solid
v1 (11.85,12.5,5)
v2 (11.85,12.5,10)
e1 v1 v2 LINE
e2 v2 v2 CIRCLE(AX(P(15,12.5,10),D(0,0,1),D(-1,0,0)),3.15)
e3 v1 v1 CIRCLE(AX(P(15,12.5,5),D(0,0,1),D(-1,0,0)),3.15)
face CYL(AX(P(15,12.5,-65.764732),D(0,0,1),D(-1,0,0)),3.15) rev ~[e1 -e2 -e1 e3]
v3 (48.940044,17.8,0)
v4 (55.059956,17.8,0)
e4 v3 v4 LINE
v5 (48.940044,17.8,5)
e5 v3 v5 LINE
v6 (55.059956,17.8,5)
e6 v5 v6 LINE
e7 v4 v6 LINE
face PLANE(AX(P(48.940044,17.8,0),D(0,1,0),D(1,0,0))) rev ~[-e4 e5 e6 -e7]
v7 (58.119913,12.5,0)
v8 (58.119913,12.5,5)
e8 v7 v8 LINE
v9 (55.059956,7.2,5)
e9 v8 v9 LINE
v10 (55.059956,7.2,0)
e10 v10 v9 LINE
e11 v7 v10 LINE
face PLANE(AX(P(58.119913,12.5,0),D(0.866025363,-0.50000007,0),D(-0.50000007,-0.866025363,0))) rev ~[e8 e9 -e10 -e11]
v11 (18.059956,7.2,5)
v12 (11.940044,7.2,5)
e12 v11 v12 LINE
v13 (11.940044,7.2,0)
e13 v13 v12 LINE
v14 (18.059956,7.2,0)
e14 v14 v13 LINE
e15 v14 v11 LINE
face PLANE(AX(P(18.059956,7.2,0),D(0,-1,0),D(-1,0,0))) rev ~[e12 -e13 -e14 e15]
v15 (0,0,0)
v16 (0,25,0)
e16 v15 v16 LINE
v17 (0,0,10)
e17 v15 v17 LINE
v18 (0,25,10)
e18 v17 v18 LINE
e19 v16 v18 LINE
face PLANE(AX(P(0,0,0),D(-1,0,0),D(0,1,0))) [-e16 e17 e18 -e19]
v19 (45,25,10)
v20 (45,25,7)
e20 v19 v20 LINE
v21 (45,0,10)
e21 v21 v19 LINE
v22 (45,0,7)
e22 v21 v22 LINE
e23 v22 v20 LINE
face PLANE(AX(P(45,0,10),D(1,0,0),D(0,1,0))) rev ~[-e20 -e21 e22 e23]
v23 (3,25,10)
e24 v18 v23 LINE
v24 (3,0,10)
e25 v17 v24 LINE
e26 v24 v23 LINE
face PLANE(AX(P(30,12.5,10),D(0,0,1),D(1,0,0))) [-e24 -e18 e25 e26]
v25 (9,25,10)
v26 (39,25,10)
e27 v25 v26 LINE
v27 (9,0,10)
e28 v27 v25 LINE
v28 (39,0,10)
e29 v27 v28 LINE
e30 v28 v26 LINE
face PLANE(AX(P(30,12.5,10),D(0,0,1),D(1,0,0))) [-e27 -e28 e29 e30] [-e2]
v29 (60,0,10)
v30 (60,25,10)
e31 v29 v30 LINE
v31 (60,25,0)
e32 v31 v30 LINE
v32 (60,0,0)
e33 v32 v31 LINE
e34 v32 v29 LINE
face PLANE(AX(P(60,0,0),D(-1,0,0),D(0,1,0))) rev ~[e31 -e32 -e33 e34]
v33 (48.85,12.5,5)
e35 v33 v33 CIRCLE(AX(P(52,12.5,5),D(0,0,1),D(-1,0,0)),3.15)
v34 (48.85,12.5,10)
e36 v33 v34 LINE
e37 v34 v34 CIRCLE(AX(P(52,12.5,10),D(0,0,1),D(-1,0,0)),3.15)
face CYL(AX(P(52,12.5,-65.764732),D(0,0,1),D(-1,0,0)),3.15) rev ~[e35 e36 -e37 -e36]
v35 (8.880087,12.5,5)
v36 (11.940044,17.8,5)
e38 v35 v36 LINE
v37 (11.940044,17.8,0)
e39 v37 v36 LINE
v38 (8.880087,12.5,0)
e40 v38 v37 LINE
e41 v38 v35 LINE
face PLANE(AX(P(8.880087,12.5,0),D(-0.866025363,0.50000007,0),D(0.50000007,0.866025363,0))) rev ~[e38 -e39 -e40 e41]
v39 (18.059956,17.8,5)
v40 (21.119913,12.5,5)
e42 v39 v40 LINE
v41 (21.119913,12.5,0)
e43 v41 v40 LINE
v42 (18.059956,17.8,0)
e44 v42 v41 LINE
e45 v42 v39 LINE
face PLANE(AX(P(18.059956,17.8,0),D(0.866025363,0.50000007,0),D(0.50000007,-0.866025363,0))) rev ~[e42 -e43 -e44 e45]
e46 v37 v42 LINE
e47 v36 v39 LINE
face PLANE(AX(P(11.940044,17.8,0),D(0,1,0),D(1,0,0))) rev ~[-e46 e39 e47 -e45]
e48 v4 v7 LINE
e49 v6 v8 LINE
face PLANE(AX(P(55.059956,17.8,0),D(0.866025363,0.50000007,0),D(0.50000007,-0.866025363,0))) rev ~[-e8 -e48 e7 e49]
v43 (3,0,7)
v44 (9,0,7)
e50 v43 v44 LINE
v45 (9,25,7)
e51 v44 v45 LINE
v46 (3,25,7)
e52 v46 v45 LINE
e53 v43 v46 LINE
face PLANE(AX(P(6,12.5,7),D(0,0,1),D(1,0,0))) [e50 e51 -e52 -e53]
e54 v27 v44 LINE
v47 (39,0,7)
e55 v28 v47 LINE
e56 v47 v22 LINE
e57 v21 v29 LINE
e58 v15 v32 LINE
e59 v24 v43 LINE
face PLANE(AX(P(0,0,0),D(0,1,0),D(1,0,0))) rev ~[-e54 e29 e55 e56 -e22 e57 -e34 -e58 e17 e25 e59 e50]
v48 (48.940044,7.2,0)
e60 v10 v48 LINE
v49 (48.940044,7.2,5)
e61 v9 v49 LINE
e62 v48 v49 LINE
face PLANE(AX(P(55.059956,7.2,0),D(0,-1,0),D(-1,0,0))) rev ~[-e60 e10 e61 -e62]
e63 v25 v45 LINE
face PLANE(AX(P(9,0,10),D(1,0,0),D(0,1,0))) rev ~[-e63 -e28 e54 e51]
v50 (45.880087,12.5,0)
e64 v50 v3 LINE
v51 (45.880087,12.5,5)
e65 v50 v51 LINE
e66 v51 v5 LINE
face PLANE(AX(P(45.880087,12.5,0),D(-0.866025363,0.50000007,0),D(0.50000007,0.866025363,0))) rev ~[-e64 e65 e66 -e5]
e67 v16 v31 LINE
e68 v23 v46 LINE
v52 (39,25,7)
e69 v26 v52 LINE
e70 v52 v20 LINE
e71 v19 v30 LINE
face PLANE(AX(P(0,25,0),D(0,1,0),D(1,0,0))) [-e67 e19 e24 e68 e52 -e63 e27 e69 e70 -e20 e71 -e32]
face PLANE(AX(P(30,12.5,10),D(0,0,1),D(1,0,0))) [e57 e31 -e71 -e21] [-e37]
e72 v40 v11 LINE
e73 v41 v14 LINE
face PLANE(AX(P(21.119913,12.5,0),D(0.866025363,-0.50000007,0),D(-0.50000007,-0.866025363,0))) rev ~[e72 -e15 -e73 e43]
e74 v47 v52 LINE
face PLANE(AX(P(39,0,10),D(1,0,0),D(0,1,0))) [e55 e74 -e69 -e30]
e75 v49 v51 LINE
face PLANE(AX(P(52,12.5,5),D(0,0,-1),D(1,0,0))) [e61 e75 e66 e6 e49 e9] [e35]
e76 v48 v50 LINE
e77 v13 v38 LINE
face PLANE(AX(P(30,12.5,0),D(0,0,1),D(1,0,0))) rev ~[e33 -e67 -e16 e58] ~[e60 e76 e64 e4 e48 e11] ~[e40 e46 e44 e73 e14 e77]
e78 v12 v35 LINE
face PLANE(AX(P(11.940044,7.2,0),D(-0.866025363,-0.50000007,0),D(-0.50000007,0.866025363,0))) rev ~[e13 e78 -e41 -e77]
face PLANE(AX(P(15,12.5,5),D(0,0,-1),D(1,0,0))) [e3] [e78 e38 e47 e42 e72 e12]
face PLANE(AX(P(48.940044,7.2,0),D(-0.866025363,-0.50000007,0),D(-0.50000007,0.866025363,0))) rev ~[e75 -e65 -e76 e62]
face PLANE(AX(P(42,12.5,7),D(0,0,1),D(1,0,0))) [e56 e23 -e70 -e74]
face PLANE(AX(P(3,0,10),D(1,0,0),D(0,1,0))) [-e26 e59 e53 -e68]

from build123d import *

# Parameters (mm, degrees)
F0_W     = 60
F0_H     = 25
F1_DEPTH = 10
F2_W     = 6
F2_H     = 25
F3_DEPTH = 3
F6_D     = 6.3
F7_DEPTH = 5


with BuildPart() as f1:
    # F0 (on Top) → F1 (new body)
    with BuildSketch(Plane.XY):
        with Locations((30, 12.5)):
            Rectangle(F0_W, F0_H)
    extrude(amount=F1_DEPTH)

    # F2 (on face) → F3 (cut)
    with BuildSketch(Plane.XY.offset(10)):
        with Locations((6, 12.5)):
            Rectangle(F2_W, F2_H)
        with Locations((42, 12.5)):
            Rectangle(F2_W, F2_H)
    extrude(amount=-F3_DEPTH, mode=Mode.SUBTRACT)

    # F6 (through all)
    with Locations(Plane(origin=(0, 0, 0), x_dir=(1, 0, 0), z_dir=(0, 0, -1))):
        with Locations((15, -12.5), (52, -12.5)):
            Hole(F6_D / 2)

    # F5 (on face) → F7 (cut)
    with BuildSketch(Plane(origin=(0, 0, 0), x_dir=(1, 0, 0), z_dir=(0, 0, -1))):
        Polygon((21.119913, -12.5), (18.059956, -7.2), (11.940044, -7.2), (8.880087, -12.5), (11.940044, -17.8), (18.059956, -17.8), align=None)
        Polygon((45.880087, -12.5), (48.940044, -17.8), (55.059956, -17.8), (58.119913, -12.5), (55.059956, -7.2), (48.940044, -7.2), align=None)
    extrude(amount=-F7_DEPTH, mode=Mode.SUBTRACT)


solid = f1.part
